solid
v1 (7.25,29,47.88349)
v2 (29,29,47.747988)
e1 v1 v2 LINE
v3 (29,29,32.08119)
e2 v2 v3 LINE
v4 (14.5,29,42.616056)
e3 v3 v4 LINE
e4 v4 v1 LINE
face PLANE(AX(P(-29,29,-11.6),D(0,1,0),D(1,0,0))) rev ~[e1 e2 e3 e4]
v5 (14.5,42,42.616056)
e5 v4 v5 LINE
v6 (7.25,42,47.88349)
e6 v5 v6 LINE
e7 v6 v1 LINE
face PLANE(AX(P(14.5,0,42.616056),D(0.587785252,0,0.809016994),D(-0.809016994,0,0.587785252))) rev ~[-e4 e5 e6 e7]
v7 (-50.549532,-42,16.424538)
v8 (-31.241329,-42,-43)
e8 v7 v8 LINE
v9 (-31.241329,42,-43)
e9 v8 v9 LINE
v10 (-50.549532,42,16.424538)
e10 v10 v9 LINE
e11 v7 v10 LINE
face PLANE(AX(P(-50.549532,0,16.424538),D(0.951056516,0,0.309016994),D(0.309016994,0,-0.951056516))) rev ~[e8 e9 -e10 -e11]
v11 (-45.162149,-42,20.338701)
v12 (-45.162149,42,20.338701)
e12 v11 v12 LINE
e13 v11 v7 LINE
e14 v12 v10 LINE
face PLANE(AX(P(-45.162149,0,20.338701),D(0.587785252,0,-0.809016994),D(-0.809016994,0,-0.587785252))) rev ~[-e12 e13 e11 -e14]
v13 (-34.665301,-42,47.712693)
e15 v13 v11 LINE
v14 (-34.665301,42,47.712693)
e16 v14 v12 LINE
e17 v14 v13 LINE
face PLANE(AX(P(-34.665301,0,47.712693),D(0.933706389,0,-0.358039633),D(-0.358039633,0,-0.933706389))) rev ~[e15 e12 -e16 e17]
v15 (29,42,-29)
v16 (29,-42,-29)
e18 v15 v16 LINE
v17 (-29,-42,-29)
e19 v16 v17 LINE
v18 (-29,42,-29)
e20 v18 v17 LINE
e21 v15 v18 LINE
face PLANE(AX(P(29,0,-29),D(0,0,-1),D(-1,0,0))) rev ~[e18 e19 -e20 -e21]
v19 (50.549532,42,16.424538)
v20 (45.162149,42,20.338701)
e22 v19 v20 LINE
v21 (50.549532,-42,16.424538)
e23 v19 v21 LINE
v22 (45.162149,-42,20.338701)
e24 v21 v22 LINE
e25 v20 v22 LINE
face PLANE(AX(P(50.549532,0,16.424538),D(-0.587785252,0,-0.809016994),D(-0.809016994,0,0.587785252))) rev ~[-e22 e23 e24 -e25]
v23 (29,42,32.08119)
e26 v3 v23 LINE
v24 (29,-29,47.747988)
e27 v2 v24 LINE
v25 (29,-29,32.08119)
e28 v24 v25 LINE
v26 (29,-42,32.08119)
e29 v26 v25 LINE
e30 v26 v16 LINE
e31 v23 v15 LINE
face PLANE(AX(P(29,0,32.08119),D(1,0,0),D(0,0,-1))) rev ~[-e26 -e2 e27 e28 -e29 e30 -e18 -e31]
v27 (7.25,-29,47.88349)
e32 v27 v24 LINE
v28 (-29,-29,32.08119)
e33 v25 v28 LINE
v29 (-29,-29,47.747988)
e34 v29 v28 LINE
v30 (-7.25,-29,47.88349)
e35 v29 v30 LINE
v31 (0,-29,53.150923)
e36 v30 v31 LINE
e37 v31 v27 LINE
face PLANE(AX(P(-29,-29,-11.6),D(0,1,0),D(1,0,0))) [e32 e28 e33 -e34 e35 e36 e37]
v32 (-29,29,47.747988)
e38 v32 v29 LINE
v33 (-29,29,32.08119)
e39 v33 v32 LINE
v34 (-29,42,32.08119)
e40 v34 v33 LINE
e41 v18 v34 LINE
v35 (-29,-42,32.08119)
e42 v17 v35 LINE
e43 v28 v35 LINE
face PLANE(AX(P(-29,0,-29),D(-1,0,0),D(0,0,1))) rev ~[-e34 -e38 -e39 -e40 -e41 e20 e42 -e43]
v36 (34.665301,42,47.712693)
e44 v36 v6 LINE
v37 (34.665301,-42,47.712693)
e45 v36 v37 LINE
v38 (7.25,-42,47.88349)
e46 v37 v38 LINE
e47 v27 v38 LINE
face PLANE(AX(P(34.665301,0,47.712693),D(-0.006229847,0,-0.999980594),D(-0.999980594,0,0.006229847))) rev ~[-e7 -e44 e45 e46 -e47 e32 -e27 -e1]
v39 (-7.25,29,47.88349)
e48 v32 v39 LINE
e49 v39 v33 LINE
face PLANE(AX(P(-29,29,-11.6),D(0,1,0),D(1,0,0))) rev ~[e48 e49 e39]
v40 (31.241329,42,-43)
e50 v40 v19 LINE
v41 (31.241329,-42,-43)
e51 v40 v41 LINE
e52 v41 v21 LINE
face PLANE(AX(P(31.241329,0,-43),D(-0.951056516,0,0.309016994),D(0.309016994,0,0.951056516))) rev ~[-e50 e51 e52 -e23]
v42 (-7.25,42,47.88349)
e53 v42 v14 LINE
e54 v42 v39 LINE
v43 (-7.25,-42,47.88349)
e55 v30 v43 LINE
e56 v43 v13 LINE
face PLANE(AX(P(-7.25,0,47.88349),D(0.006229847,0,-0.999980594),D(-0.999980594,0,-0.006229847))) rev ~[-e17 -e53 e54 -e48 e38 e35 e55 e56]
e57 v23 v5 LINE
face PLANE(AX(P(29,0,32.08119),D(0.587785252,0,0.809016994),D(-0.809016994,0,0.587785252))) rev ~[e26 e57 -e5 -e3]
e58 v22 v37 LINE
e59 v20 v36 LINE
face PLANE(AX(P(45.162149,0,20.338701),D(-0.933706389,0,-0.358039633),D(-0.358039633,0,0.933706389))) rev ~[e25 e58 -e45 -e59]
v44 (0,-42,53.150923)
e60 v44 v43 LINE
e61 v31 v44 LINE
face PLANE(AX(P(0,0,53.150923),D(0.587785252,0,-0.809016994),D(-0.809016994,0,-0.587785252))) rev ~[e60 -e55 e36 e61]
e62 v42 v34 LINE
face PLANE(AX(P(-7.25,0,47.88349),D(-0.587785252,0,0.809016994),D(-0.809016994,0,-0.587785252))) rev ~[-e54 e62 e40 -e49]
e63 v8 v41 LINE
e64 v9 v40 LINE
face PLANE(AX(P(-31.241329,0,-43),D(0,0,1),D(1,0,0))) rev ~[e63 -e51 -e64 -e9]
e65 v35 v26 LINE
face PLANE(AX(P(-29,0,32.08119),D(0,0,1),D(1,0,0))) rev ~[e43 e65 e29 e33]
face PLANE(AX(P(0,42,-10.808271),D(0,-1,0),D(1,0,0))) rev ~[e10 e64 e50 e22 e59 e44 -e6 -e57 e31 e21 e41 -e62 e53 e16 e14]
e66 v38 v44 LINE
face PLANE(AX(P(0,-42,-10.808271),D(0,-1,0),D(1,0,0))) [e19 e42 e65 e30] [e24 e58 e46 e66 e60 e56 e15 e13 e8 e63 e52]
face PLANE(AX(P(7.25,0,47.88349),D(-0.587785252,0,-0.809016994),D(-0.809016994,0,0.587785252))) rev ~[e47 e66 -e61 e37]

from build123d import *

# Parameters (mm, degrees)
F1_DEPTH      = 42
F1_DEPTH_BACK = 42
F2_DEPTH      = 25
F4_DEPTH      = 65.4
F5_START      = -31.4
F3_W          = 58
F3_H          = 58
F5_DEPTH      = 75.6
F6_START      = -25
F3_W_2        = 2.2413287042
F6_DEPTH      = 53


with BuildPart() as f1:
    # F0 (on Front) → F1 (new body, two sides)
    with BuildSketch(Plane.XZ) as f1_sk:
        Polygon((-31.2413287042, -43), (31.2413287042, -43), (50.5495316972, 16.4245384838), (45.1621487729, 20.3387012929), (39.7747658486, 24.252864102), (29, 32.0811897203), (29, 29), (29, -29), (-29, -29), (-29, 29), (-29, 32.0811897203), (-45.1621487729, 20.3387012929), (-50.5495316972, 16.4245384838), align=None)
        Polygon((39.7747658486, 24.252864102), (45.1621487729, 20.3387012929), (34.6653007859, 47.7126932694), (7.25, 47.8834897045), (14.5, 42.6160563764), (29, 32.0811897203), align=None)
        Polygon((-34.6653007859, 47.7126932694), (-45.1621487729, 20.3387012929), (-29, 32.0811897203), (-7.25, 47.8834897045), align=None)
        Polygon((-7.25, 47.8834897045), (-29, 32.0811897203), (29, 32.0811897203), (14.5, 42.6160563764), (7.25, 47.8834897045), (0, 53.1509230325), align=None)
    extrude(amount=-F1_DEPTH)
    extrude(f1_sk.sketch, amount=F1_DEPTH_BACK)

    # F0 (on Front) → F2 (join)
    with BuildSketch(Plane.XZ):
        Polygon((-31.2413287042, -43), (31.2413287042, -43), (50.5495316972, 16.4245384838), (45.1621487729, 20.3387012929), (39.7747658486, 24.252864102), (29, 32.0811897203), (29, 29), (29, -29), (-29, -29), (-29, 29), (-29, 32.0811897203), (-45.1621487729, 20.3387012929), (-50.5495316972, 16.4245384838), align=None)
        Polygon((39.7747658486, 24.252864102), (45.1621487729, 20.3387012929), (34.6653007859, 47.7126932694), (7.25, 47.8834897045), (14.5, 42.6160563764), (29, 32.0811897203), align=None)
        Polygon((-34.6653007859, 47.7126932694), (-45.1621487729, 20.3387012929), (-29, 32.0811897203), (-7.25, 47.8834897045), align=None)
        Polygon((-7.25, 47.8834897045), (-29, 32.0811897203), (29, 32.0811897203), (14.5, 42.6160563764), (7.25, 47.8834897045), (0, 53.1509230325), align=None)
    extrude(amount=F2_DEPTH)

    # F0 (on Front) → F4 (cut)
    with BuildSketch(Plane.XZ):
        Polygon((-7.25, 47.8834897045), (-29, 32.0811897203), (29, 32.0811897203), (14.5, 42.6160563764), (7.25, 47.8834897045), (0, 53.1509230325), align=None)
    extrude(amount=-F4_DEPTH, mode=Mode.SUBTRACT)

    # F3 (on face) → F5 (cut)
    with BuildSketch(Plane(origin=(0, 0, -43), x_dir=(1, 0, 0), z_dir=(0, 0, -1)).offset(F5_START)):
        Rectangle(F3_W, F3_H)
    extrude(amount=-F5_DEPTH, mode=Mode.SUBTRACT)

    # F3 (on face) → F6 (join)
    with BuildSketch(Plane(origin=(0, 0, -43), x_dir=(1, 0, 0), z_dir=(0, 0, -1)).offset(F6_START)):
        with Locations((-30.1206643521, 0)):
            Rectangle(F3_W_2, F3_H)
        with Locations((30.1206643521, 0)):
            Rectangle(F3_W_2, F3_H)
    extrude(amount=-F6_DEPTH)


solid = f1.part
